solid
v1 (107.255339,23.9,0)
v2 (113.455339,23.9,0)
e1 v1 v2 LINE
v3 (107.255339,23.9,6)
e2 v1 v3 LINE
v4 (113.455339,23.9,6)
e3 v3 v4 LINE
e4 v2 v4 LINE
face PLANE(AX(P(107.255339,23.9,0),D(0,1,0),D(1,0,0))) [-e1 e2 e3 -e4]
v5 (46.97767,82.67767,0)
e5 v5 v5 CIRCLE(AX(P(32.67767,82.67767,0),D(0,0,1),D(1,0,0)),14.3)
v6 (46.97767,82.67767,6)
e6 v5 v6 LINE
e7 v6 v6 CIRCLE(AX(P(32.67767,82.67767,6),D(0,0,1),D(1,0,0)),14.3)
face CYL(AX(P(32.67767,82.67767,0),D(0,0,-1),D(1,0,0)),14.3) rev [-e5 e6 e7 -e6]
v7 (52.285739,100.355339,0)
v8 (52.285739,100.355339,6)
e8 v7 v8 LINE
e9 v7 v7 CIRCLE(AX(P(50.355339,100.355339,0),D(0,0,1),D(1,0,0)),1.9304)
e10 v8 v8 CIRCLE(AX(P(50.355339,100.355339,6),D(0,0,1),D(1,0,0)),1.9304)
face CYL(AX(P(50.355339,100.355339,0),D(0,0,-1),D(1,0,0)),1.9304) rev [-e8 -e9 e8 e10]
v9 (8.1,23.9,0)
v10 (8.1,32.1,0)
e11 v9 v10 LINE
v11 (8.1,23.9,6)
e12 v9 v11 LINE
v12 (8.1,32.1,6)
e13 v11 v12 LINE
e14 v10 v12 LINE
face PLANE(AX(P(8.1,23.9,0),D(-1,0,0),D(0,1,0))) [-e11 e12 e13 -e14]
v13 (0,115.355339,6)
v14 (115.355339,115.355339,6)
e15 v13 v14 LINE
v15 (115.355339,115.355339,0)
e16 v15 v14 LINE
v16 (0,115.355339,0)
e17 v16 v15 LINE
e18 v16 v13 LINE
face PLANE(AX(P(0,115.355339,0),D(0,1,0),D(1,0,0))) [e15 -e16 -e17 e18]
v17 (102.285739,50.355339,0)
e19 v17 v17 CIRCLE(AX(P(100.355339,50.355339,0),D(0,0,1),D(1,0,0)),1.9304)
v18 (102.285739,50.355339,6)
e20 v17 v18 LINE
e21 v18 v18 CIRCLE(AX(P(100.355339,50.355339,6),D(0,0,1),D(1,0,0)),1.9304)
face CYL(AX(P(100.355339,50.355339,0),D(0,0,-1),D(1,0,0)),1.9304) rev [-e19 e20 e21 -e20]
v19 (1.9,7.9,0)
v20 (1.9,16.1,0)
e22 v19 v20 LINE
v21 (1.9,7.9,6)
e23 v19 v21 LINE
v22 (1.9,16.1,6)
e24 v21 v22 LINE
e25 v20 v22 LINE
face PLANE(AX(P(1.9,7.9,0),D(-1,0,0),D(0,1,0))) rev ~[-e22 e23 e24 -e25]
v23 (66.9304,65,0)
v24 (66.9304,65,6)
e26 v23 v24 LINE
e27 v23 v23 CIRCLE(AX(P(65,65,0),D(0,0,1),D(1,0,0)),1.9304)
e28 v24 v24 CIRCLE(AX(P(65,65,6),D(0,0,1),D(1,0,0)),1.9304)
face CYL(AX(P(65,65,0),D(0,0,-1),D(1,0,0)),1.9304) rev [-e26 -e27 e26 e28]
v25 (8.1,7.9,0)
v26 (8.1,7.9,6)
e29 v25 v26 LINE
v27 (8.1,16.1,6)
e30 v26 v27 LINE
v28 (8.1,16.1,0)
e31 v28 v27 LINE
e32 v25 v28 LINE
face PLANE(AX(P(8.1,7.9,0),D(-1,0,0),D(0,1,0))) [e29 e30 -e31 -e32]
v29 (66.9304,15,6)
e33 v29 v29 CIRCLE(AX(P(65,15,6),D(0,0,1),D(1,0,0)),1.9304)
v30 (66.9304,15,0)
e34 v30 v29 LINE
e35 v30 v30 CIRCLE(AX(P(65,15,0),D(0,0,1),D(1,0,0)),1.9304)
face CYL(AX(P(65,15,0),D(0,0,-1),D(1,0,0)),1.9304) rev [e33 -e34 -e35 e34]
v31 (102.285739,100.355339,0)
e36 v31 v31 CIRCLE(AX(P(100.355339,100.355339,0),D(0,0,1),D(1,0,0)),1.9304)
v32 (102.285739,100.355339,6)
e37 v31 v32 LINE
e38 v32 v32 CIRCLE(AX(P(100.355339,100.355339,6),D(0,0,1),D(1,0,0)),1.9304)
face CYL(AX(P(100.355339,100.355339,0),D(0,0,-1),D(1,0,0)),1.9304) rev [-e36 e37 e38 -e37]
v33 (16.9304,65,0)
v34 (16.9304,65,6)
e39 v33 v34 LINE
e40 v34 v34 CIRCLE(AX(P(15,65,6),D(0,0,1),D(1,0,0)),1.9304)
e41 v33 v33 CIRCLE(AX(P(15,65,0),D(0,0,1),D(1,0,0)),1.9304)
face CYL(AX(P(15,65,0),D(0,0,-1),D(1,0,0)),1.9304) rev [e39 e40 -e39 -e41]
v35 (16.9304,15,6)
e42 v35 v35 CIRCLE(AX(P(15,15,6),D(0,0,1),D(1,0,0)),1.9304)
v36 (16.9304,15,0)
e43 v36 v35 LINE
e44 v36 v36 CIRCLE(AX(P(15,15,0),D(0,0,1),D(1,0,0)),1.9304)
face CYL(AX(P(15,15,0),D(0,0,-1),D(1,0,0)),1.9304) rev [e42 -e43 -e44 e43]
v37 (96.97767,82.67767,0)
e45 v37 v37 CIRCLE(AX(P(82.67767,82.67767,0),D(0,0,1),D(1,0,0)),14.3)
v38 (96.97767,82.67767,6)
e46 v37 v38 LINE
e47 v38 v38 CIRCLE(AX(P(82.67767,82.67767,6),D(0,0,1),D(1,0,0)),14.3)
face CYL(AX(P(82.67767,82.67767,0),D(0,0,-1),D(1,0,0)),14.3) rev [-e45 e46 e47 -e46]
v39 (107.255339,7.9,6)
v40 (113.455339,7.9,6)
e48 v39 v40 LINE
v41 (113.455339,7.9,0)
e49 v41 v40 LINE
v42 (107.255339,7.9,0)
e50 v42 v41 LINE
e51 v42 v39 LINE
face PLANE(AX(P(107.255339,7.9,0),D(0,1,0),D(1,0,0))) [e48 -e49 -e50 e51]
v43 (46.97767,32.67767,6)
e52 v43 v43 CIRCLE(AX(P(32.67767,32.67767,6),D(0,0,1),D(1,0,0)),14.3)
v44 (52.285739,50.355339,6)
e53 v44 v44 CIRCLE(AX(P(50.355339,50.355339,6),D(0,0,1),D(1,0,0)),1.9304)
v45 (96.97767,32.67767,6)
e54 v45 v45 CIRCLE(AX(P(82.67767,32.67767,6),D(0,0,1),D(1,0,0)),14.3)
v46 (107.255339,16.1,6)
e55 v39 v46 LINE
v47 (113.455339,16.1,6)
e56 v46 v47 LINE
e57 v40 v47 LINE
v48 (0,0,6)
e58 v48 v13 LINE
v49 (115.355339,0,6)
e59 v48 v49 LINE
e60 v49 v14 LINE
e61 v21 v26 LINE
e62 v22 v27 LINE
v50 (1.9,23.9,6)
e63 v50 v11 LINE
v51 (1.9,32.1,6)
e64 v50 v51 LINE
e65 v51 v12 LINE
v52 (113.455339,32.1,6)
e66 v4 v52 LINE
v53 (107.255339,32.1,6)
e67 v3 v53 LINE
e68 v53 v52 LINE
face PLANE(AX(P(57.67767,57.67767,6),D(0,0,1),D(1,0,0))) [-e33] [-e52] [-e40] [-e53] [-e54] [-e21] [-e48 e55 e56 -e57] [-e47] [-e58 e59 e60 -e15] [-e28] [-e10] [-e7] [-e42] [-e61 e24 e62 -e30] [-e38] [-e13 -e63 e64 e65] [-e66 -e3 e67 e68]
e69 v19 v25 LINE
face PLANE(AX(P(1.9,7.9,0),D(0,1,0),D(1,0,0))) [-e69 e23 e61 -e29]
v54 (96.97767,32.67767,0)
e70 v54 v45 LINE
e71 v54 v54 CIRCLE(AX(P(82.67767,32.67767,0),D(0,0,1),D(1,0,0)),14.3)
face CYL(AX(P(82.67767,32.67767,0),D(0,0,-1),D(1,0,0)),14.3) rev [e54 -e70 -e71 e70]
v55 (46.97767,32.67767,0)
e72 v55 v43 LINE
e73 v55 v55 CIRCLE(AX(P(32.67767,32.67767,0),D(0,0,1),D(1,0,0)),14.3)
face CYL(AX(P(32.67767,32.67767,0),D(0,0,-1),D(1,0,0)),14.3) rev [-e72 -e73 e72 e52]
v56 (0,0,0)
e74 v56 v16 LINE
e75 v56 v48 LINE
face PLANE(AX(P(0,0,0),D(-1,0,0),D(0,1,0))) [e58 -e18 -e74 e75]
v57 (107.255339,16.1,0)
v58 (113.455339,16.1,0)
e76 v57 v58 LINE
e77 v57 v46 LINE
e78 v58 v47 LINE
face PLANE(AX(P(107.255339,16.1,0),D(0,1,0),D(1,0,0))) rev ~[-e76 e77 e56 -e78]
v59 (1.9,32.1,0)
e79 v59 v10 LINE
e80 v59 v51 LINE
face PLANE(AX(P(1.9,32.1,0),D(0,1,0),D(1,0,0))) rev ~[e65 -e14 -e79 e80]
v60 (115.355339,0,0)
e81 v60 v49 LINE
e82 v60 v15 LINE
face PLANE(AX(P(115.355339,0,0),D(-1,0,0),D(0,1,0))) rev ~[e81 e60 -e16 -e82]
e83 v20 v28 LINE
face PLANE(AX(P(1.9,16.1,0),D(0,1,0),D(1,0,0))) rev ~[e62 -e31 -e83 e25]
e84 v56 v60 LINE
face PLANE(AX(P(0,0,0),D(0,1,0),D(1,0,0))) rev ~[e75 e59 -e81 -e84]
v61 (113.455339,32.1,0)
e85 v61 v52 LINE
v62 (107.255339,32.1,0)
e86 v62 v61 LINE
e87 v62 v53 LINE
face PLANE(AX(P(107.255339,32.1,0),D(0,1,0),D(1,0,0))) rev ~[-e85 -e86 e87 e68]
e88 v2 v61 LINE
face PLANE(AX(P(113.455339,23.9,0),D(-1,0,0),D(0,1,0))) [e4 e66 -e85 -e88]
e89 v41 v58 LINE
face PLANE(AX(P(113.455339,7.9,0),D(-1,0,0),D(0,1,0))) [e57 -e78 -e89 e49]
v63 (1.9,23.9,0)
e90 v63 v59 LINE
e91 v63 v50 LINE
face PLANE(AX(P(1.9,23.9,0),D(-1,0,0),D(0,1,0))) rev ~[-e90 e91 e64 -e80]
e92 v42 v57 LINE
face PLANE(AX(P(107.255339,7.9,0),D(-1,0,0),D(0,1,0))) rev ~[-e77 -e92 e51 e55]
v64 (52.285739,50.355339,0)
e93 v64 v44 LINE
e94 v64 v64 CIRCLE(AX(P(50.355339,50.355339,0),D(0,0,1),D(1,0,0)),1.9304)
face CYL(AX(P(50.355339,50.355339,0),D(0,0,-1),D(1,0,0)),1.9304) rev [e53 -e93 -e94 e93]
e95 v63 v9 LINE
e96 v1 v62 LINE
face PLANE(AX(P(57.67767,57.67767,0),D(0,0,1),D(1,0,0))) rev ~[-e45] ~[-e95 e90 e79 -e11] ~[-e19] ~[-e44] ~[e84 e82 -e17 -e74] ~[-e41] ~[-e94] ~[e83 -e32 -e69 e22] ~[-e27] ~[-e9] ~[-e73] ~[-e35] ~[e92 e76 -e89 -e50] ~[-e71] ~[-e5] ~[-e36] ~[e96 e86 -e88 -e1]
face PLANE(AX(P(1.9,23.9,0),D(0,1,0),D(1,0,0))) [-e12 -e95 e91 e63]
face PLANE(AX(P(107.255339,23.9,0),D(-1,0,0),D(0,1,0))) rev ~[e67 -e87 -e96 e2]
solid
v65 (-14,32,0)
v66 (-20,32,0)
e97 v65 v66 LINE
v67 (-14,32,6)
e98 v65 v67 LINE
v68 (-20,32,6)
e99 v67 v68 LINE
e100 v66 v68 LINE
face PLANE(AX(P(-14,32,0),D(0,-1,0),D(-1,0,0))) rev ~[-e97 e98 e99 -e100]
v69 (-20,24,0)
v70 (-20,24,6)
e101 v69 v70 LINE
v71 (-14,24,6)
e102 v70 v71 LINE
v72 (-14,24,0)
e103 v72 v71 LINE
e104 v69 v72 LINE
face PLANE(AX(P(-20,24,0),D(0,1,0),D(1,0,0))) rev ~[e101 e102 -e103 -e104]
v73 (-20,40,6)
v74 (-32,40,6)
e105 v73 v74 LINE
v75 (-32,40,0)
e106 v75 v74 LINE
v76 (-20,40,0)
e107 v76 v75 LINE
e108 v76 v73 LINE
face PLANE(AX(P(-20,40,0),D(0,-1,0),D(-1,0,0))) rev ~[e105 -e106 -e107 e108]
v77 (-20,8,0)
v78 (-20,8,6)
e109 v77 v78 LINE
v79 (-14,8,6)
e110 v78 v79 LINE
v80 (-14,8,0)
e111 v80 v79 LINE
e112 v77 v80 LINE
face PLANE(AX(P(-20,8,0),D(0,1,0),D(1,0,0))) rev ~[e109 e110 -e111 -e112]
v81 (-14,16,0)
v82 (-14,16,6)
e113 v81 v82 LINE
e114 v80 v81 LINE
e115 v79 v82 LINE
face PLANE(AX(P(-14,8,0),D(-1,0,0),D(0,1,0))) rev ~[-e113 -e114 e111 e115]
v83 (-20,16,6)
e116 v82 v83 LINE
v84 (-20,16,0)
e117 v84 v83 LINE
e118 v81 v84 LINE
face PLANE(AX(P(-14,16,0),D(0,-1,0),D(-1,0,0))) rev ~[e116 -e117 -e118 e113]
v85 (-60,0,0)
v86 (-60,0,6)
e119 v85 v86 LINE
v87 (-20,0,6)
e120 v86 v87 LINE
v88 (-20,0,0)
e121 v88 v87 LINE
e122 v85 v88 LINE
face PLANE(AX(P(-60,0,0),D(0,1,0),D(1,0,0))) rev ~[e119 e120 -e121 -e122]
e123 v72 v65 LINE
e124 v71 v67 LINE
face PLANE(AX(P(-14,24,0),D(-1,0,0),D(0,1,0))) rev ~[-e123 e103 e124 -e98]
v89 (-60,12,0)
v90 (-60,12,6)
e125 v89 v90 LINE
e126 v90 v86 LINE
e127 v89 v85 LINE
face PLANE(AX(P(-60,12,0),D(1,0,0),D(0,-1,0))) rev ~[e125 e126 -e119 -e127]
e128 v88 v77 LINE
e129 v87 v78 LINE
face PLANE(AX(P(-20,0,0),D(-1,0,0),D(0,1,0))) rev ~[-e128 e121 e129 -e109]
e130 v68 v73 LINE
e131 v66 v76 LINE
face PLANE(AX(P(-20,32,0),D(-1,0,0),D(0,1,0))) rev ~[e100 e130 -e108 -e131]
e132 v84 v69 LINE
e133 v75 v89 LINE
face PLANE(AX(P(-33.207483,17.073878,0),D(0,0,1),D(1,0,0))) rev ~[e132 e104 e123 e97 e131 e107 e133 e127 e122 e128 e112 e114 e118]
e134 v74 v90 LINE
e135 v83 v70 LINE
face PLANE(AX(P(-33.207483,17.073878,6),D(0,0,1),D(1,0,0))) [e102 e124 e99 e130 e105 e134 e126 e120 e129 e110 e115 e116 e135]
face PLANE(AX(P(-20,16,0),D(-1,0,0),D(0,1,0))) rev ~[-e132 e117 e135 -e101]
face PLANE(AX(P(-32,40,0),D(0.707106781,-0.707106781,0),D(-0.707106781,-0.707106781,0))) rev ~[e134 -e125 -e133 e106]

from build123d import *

# Parameters (mm, degrees)
F1_W     = 115.3553390593
F1_H     = 115.3553390593
F1_W_2   = 6.2
F1_H_2   = 8.2
F1_R     = 1.9304
F1_R_2   = 14.3
F2_DEPTH = 6


with BuildPart() as f2:
    # F1 (on Top) → F2 (new body)
    with BuildSketch(Plane.XY):
        with Locations((57.6776695297, 57.6776695297)):
            Rectangle(F1_W, F1_H)
        with Locations((5, 12)):
            Rectangle(F1_W_2, F1_H_2, mode=Mode.SUBTRACT)
        with Locations((5, 28)):
            Rectangle(F1_W_2, F1_H_2, mode=Mode.SUBTRACT)
        with Locations((15, 15)):
            Circle(F1_R, mode=Mode.SUBTRACT)
        with Locations((65, 15)):
            Circle(F1_R, mode=Mode.SUBTRACT)
        with Locations((110.3553390593, 12)):
            Rectangle(F1_W_2, F1_H_2, mode=Mode.SUBTRACT)
        with Locations((110.3553390593, 28)):
            Rectangle(F1_W_2, F1_H_2, mode=Mode.SUBTRACT)
        with Locations((32.6776695297, 32.6776695297)):
            Circle(F1_R_2, mode=Mode.SUBTRACT)
        with Locations((50.3553390593, 50.3553390593)):
            Circle(F1_R, mode=Mode.SUBTRACT)
        with Locations((82.6776695297, 32.6776695297)):
            Circle(F1_R_2, mode=Mode.SUBTRACT)
        with Locations((100.3553390593, 50.3553390593)):
            Circle(F1_R, mode=Mode.SUBTRACT)
        with Locations((15, 65)):
            Circle(F1_R, mode=Mode.SUBTRACT)
        with Locations((65, 65)):
            Circle(F1_R, mode=Mode.SUBTRACT)
        with Locations((32.6776695297, 82.6776695297)):
            Circle(F1_R_2, mode=Mode.SUBTRACT)
        with Locations((82.6776695297, 82.6776695297)):
            Circle(F1_R_2, mode=Mode.SUBTRACT)
        with Locations((50.3553390593, 100.3553390593)):
            Circle(F1_R, mode=Mode.SUBTRACT)
        with Locations((100.3553390593, 100.3553390593)):
            Circle(F1_R, mode=Mode.SUBTRACT)
    extrude(amount=F2_DEPTH)


with BuildPart() as f2b:
    # F1 (on Top) → F2, piece 2 (new body)
    with BuildSketch(Plane.XY):
        Polygon((-20, 40), (-32, 40), (-60, 12), (-60, 0), (-20, 0), (-20, 8), (-14, 8), (-14, 16), (-20, 16), (-20, 24), (-14, 24), (-14, 32), (-20, 32), align=None)
    extrude(amount=F2_DEPTH)


solid = Compound([f2.part, f2b.part])
